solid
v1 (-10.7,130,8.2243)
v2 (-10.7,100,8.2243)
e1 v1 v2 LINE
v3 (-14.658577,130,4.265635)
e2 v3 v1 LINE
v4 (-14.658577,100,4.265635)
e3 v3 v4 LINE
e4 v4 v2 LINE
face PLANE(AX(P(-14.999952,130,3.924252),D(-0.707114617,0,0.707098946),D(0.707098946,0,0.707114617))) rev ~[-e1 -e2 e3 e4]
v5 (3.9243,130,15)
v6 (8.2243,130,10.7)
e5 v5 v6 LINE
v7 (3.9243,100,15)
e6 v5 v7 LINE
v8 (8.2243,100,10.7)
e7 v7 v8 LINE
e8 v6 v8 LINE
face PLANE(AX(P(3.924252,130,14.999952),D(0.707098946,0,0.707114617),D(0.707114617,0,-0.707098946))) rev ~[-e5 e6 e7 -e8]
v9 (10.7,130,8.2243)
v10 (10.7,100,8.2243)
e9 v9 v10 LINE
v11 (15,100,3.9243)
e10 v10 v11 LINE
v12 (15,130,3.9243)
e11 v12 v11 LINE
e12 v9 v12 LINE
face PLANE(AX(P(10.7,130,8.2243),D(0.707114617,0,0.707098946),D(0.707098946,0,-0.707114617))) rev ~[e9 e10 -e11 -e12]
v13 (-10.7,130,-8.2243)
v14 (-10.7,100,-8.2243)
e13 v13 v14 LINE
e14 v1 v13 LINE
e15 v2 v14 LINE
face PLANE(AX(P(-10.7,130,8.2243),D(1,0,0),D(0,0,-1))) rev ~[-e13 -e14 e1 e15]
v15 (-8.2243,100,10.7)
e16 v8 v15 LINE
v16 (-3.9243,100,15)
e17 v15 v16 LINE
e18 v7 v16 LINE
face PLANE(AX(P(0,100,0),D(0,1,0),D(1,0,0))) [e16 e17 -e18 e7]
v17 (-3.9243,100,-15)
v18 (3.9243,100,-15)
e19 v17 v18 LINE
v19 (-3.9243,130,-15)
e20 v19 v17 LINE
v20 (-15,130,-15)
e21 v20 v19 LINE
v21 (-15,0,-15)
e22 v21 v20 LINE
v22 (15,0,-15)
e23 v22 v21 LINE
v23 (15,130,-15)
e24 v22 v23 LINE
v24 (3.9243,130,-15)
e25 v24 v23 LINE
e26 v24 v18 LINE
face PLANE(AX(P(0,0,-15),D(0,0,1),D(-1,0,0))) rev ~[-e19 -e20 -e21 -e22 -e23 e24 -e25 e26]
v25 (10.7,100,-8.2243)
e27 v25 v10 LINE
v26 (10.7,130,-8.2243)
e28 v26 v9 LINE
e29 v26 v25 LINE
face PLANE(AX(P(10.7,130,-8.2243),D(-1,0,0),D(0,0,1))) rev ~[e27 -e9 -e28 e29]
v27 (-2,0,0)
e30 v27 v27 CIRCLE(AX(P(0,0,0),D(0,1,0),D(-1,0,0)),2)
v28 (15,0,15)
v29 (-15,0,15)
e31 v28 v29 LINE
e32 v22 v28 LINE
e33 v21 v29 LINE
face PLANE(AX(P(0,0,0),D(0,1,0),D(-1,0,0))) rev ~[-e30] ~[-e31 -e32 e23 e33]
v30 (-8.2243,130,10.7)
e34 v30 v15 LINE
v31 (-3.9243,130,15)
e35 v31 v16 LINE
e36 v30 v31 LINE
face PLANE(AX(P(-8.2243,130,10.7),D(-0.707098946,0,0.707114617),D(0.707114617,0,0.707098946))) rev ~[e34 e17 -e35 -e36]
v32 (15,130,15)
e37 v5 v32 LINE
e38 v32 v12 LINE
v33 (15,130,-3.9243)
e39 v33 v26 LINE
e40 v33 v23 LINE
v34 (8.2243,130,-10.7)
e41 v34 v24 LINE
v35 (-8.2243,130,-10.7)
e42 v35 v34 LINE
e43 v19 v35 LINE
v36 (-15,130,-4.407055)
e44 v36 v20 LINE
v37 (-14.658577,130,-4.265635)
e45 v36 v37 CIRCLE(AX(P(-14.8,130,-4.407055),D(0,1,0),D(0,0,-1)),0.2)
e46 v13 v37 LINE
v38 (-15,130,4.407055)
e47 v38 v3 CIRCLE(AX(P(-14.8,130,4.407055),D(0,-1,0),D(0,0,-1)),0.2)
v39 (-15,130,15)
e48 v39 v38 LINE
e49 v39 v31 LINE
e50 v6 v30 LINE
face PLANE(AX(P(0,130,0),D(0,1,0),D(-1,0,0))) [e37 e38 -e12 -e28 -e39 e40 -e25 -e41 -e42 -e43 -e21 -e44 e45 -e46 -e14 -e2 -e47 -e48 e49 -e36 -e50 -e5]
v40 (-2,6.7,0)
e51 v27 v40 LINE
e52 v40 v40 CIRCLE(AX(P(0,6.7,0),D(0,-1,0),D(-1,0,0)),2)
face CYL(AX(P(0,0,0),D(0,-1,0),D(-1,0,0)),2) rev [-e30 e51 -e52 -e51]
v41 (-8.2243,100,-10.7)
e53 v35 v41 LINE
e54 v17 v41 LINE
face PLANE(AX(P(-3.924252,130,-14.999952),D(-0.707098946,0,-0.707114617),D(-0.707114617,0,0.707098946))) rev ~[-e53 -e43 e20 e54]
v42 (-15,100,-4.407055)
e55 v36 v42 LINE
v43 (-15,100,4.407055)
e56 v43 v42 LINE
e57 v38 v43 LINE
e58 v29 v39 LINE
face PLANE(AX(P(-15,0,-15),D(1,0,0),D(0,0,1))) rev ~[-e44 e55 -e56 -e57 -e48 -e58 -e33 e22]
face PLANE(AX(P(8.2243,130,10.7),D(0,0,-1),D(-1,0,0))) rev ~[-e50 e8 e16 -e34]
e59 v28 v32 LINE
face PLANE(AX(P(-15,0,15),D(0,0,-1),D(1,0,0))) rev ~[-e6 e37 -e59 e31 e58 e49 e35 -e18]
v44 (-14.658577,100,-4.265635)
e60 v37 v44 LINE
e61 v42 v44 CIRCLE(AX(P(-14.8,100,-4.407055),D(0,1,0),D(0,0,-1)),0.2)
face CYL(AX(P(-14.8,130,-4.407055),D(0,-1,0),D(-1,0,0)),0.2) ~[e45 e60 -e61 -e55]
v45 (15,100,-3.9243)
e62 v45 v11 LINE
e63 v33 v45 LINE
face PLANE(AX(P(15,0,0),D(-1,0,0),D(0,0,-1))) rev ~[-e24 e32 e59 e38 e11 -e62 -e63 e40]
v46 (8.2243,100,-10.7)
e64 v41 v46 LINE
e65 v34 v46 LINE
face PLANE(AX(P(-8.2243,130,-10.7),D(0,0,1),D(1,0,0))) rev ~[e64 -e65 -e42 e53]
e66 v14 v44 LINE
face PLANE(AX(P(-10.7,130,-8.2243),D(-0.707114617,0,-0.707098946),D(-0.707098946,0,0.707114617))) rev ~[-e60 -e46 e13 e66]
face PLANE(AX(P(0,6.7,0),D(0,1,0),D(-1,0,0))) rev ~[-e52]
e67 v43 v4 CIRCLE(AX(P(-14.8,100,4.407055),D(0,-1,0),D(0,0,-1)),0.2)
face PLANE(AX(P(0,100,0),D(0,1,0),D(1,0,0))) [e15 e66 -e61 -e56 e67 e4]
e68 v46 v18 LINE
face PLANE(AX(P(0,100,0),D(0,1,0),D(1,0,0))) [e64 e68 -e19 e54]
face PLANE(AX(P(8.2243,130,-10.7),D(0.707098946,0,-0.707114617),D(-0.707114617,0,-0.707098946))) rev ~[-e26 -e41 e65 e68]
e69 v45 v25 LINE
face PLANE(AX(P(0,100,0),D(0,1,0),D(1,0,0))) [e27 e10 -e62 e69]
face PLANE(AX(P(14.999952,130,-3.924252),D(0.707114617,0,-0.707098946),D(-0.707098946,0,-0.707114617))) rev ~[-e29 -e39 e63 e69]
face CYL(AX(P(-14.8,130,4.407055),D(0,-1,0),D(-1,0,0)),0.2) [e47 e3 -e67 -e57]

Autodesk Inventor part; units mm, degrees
ref_plane "YZ Plane" through (0, 0, 0) normal (1, 0, 0) x (0, 1, 0)
ref_plane "XZ Plane" through (0, 0, 0) normal (0, 1, 0) x (-1, 0, 0)
ref_plane "XY Plane" through (0, 0, 0) normal (0, 0, 1) x (1, 0, 0)
sketch "Skizze1" plane through (0, 0, 0) normal (0, 1, 0) x (-1, 0, 0)
  line L0 (25.085, 0) -> (-63.4246, 0)
  line L1 (0, 50.1146) -> (0, -66.9502)
  line L2 (15, 15) -> (-15, 15)
  line L3 (-15, 15) -> (-15, -15)
  line L4 (-15, -15) -> (15, -15)
  line L5 (15, -15) -> (15, 15)
  line L6 (15, 15) -> (-15, -15) construction
  line L7 (-15, 15) -> (15, -15) construction
  circle A0 centre (0, 0) radius 2
  dimension "d0" = 30
  dimension "d1" = 30
  dimension "d24" = 4
extrude "Extrusion1" add sketch "Skizze1" along normal blind 130
sketch "Skizze3" plane through (0, 130, 0) normal (0, 1, 0) x (1, 0, 0)
  line L0 (18.5438, 0) -> (-21.4353, 0) construction
  line L1 (-11, 7.5) -> (-11, -7.5)
  line L2 (-15, 15) -> (-15, -15) projected
  line L3 (15, 15) -> (-15, 15) projected
  line L4 (-11, 7.5) -> (-15, 3.5)
  line L5 (-11, -7.5) -> (-15, -3.5)
  line L6 (-15.2121, -3.7121) -> (-10.7, -8.2243)
  line L7 (-10.7, -8.2243) -> (-10.7, 8.2243)
  line L8 (-10.7, 8.2243) -> (-15.2121, 3.7121)
  line L9 (-15, -3.9243) -> (-15, 3.9243)
  line L10 (3.7121, -15.2121) -> (8.2243, -10.7)
  line L11 (8.2243, -10.7) -> (-8.2243, -10.7)
  line L12 (-8.2243, -10.7) -> (-3.7121, -15.2121)
  line L13 (3.9243, -15) -> (-3.9243, -15)
  line L14 (15.2121, 3.7121) -> (10.7, 8.2243)
  line L15 (10.7, 8.2243) -> (10.7, -8.2243)
  line L16 (10.7, -8.2243) -> (15.2121, -3.7121)
  line L17 (15, 3.9243) -> (15, -3.9243)
  line L18 (-3.7121, 15.2121) -> (-8.2243, 10.7)
  line L19 (-8.2243, 10.7) -> (8.2243, 10.7)
  line L20 (8.2243, 10.7) -> (3.7121, 15.2121)
  line L21 (-3.9243, 15) -> (3.9243, 15)
  point P0 (0, 0)
  point P1 (3.9243, 15)
  point P2 (-3.9243, 15)
  dimension "d11" = 4
  dimension "d12" = 15
  dimension "d13" = 7.5
  dimension "d14" = 45
  dimension "d15" = 45
  dimension "d18" = 0.3
  dimension "d22" = 360
extrude "Extrusion3" cut sketch "Skizze3" against normal blind 30
fillet "Rundung1" radius 0.2 2 edges at (-15, 115, 3.9243) (-15, 115, -3.9243)
extrude "Extrusion4" cut sketch "Skizze1" along normal blind 6.7 contours A0 L1 L0 | L0 L1 A0 | L1 A0 L0 | L0 A0 L1
properties part number "CarlaRescueRampeTeil1"
